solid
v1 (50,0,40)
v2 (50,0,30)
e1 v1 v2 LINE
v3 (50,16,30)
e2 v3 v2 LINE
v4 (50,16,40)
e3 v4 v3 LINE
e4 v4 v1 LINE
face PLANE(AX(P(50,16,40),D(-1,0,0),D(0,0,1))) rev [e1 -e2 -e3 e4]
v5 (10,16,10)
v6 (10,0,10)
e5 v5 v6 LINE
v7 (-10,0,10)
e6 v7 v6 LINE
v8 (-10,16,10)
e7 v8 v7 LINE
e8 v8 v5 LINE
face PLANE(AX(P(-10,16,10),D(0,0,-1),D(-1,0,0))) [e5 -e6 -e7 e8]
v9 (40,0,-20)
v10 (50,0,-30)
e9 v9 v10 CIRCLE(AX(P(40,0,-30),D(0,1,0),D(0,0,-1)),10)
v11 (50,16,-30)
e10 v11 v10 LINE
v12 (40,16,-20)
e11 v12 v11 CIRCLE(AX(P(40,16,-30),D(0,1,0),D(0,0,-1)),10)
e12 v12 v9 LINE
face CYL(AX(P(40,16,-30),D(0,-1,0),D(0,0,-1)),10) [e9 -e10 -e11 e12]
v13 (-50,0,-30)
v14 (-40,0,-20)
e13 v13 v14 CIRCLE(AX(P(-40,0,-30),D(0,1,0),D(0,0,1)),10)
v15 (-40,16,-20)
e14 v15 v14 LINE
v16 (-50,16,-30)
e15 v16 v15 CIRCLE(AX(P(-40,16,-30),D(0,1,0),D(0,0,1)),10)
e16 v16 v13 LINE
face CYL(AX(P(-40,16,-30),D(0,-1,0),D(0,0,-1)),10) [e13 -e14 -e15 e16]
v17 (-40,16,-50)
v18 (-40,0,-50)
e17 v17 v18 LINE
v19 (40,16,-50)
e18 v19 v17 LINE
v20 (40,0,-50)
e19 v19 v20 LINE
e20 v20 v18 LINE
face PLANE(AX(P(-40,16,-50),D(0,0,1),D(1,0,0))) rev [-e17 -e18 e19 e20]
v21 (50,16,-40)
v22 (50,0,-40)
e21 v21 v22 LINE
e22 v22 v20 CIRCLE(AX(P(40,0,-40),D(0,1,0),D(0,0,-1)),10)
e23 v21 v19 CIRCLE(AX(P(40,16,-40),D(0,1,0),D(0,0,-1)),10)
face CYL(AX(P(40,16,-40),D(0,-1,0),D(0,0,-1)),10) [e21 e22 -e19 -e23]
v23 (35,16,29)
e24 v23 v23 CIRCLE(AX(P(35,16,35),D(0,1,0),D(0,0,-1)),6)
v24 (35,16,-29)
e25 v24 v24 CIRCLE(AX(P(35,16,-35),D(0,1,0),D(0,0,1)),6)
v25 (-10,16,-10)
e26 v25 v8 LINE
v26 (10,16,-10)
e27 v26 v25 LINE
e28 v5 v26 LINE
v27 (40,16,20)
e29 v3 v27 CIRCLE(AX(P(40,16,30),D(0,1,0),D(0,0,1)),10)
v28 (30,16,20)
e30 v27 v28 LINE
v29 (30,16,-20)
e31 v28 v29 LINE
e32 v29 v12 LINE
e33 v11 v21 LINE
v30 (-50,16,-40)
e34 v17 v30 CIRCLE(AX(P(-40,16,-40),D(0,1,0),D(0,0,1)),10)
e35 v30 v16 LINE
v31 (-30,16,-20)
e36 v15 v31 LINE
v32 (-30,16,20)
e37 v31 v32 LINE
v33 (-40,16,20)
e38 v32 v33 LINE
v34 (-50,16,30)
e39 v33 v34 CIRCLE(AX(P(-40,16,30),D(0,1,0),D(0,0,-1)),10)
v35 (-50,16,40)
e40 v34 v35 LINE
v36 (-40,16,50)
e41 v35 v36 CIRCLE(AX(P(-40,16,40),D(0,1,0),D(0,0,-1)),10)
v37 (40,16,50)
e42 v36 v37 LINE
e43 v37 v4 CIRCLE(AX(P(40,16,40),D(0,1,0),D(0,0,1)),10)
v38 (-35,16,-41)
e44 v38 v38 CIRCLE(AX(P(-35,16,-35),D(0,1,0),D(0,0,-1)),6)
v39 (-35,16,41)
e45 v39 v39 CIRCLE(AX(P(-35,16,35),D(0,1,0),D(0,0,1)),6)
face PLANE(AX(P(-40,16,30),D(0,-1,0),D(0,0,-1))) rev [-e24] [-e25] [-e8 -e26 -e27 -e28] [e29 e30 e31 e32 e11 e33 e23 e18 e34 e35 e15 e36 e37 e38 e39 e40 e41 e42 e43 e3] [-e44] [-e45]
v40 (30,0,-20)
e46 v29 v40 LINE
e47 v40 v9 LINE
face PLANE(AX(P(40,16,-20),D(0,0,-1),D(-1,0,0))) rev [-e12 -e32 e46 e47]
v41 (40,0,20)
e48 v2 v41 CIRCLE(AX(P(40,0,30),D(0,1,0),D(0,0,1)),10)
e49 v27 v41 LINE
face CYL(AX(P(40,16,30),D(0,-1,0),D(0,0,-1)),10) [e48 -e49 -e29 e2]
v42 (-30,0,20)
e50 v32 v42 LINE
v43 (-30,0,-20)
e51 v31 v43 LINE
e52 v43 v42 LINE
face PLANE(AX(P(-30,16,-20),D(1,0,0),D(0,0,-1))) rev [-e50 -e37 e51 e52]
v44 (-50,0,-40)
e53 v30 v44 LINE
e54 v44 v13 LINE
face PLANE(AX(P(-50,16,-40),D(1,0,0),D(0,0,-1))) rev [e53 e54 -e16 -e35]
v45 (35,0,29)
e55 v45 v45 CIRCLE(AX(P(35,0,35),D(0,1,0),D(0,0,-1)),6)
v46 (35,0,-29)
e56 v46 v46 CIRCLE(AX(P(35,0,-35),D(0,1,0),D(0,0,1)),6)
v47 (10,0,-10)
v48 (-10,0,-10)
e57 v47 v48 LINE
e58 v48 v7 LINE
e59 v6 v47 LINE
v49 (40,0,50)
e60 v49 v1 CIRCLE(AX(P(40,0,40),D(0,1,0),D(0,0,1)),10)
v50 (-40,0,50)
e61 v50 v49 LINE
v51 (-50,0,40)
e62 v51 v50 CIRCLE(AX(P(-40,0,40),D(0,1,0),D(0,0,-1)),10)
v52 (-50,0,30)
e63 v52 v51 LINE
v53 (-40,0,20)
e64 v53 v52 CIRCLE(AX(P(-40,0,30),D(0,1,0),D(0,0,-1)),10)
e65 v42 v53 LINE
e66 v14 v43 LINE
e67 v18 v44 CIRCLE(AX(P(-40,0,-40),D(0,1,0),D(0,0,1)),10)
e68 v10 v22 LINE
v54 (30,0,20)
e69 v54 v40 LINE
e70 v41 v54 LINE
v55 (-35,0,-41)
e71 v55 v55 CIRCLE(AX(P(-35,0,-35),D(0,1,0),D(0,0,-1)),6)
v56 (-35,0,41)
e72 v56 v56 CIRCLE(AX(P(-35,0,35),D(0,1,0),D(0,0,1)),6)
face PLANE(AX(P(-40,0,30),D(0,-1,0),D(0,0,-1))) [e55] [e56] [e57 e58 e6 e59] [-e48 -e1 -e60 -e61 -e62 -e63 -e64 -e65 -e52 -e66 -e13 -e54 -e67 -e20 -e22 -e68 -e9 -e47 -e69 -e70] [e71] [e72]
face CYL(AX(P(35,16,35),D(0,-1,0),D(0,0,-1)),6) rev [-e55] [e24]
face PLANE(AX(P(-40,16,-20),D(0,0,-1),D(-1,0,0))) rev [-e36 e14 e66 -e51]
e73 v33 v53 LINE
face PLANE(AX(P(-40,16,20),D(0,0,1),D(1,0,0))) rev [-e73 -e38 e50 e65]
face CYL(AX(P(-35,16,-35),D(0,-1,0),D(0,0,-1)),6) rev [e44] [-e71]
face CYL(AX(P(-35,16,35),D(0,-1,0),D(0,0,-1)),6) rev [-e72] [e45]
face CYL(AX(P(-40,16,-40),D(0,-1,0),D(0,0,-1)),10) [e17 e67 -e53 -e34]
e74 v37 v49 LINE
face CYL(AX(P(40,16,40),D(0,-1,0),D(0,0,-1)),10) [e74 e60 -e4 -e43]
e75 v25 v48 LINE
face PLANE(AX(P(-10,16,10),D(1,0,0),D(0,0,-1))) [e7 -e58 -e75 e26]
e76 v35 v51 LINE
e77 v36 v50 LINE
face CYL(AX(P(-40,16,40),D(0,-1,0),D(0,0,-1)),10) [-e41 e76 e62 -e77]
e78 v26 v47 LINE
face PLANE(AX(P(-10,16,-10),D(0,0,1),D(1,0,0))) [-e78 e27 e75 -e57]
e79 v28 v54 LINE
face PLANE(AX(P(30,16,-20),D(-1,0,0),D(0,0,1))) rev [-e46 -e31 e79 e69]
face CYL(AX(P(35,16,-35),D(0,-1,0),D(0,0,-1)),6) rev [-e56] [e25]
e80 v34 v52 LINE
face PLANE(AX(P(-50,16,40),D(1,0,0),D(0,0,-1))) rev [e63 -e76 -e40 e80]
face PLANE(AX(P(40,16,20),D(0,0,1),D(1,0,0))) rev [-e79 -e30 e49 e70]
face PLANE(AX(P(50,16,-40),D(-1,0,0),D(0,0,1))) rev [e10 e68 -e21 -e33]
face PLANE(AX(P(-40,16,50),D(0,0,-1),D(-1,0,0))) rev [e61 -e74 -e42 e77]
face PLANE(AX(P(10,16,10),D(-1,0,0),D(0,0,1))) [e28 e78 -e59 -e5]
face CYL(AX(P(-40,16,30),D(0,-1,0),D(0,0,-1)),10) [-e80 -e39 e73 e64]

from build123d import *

# Parameters (mm, degrees)
SKETCH1_R           = 6
SKETCH1_W           = 20
SKETCH1_H           = 20
BOSS_EXTRUDE1_DEPTH = 16


with BuildPart() as part:
    # Sketch1 → Boss-Extrude1 (new body)
    with BuildSketch(Plane(origin=(0, 0, 0), x_dir=(1, 0, 0), z_dir=(0, 1, 0))):
        with BuildLine():
            Line((-40, 50), (40, 50))
            ThreePointArc((40, 50), (47.071067812, 47.071067812), (50, 40))
            Line((50, 40), (50, 30))
            ThreePointArc((50, 30), (47.071067812, 22.928932188), (40, 20))
            Line((40, 20), (30, 20))
            Line((30, 20), (30, -20))
            Line((30, -20), (40, -20))
            ThreePointArc((40, -20), (47.071067812, -22.928932188), (50, -30))
            Line((50, -30), (50, -40))
            ThreePointArc((50, -40), (47.071067812, -47.071067812), (40, -50))
            Line((40, -50), (-40, -50))
            ThreePointArc((-40, -50), (-47.071067812, -47.071067812), (-50, -40))
            Line((-50, -40), (-50, -30))
            ThreePointArc((-50, -30), (-47.071067812, -22.928932188), (-40, -20))
            Line((-40, -20), (-30, -20))
            Line((-30, -20), (-30, 20))
            Line((-30, 20), (-40, 20))
            ThreePointArc((-40, 20), (-47.071067812, 22.928932188), (-50, 30))
            Line((-50, 30), (-50, 40))
            ThreePointArc((-50, 40), (-47.071067812, 47.071067812), (-40, 50))
        make_face()
        with Locations((35, 35)):
            Circle(SKETCH1_R, mode=Mode.SUBTRACT)
        with Locations((35, -35)):
            Circle(SKETCH1_R, mode=Mode.SUBTRACT)
        with Locations((-35, -35)):
            Circle(SKETCH1_R, mode=Mode.SUBTRACT)
        with Locations((-35, 35)):
            Circle(SKETCH1_R, mode=Mode.SUBTRACT)
        Rectangle(SKETCH1_W, SKETCH1_H, mode=Mode.SUBTRACT)
    extrude(amount=BOSS_EXTRUDE1_DEPTH)


solid = part.part
